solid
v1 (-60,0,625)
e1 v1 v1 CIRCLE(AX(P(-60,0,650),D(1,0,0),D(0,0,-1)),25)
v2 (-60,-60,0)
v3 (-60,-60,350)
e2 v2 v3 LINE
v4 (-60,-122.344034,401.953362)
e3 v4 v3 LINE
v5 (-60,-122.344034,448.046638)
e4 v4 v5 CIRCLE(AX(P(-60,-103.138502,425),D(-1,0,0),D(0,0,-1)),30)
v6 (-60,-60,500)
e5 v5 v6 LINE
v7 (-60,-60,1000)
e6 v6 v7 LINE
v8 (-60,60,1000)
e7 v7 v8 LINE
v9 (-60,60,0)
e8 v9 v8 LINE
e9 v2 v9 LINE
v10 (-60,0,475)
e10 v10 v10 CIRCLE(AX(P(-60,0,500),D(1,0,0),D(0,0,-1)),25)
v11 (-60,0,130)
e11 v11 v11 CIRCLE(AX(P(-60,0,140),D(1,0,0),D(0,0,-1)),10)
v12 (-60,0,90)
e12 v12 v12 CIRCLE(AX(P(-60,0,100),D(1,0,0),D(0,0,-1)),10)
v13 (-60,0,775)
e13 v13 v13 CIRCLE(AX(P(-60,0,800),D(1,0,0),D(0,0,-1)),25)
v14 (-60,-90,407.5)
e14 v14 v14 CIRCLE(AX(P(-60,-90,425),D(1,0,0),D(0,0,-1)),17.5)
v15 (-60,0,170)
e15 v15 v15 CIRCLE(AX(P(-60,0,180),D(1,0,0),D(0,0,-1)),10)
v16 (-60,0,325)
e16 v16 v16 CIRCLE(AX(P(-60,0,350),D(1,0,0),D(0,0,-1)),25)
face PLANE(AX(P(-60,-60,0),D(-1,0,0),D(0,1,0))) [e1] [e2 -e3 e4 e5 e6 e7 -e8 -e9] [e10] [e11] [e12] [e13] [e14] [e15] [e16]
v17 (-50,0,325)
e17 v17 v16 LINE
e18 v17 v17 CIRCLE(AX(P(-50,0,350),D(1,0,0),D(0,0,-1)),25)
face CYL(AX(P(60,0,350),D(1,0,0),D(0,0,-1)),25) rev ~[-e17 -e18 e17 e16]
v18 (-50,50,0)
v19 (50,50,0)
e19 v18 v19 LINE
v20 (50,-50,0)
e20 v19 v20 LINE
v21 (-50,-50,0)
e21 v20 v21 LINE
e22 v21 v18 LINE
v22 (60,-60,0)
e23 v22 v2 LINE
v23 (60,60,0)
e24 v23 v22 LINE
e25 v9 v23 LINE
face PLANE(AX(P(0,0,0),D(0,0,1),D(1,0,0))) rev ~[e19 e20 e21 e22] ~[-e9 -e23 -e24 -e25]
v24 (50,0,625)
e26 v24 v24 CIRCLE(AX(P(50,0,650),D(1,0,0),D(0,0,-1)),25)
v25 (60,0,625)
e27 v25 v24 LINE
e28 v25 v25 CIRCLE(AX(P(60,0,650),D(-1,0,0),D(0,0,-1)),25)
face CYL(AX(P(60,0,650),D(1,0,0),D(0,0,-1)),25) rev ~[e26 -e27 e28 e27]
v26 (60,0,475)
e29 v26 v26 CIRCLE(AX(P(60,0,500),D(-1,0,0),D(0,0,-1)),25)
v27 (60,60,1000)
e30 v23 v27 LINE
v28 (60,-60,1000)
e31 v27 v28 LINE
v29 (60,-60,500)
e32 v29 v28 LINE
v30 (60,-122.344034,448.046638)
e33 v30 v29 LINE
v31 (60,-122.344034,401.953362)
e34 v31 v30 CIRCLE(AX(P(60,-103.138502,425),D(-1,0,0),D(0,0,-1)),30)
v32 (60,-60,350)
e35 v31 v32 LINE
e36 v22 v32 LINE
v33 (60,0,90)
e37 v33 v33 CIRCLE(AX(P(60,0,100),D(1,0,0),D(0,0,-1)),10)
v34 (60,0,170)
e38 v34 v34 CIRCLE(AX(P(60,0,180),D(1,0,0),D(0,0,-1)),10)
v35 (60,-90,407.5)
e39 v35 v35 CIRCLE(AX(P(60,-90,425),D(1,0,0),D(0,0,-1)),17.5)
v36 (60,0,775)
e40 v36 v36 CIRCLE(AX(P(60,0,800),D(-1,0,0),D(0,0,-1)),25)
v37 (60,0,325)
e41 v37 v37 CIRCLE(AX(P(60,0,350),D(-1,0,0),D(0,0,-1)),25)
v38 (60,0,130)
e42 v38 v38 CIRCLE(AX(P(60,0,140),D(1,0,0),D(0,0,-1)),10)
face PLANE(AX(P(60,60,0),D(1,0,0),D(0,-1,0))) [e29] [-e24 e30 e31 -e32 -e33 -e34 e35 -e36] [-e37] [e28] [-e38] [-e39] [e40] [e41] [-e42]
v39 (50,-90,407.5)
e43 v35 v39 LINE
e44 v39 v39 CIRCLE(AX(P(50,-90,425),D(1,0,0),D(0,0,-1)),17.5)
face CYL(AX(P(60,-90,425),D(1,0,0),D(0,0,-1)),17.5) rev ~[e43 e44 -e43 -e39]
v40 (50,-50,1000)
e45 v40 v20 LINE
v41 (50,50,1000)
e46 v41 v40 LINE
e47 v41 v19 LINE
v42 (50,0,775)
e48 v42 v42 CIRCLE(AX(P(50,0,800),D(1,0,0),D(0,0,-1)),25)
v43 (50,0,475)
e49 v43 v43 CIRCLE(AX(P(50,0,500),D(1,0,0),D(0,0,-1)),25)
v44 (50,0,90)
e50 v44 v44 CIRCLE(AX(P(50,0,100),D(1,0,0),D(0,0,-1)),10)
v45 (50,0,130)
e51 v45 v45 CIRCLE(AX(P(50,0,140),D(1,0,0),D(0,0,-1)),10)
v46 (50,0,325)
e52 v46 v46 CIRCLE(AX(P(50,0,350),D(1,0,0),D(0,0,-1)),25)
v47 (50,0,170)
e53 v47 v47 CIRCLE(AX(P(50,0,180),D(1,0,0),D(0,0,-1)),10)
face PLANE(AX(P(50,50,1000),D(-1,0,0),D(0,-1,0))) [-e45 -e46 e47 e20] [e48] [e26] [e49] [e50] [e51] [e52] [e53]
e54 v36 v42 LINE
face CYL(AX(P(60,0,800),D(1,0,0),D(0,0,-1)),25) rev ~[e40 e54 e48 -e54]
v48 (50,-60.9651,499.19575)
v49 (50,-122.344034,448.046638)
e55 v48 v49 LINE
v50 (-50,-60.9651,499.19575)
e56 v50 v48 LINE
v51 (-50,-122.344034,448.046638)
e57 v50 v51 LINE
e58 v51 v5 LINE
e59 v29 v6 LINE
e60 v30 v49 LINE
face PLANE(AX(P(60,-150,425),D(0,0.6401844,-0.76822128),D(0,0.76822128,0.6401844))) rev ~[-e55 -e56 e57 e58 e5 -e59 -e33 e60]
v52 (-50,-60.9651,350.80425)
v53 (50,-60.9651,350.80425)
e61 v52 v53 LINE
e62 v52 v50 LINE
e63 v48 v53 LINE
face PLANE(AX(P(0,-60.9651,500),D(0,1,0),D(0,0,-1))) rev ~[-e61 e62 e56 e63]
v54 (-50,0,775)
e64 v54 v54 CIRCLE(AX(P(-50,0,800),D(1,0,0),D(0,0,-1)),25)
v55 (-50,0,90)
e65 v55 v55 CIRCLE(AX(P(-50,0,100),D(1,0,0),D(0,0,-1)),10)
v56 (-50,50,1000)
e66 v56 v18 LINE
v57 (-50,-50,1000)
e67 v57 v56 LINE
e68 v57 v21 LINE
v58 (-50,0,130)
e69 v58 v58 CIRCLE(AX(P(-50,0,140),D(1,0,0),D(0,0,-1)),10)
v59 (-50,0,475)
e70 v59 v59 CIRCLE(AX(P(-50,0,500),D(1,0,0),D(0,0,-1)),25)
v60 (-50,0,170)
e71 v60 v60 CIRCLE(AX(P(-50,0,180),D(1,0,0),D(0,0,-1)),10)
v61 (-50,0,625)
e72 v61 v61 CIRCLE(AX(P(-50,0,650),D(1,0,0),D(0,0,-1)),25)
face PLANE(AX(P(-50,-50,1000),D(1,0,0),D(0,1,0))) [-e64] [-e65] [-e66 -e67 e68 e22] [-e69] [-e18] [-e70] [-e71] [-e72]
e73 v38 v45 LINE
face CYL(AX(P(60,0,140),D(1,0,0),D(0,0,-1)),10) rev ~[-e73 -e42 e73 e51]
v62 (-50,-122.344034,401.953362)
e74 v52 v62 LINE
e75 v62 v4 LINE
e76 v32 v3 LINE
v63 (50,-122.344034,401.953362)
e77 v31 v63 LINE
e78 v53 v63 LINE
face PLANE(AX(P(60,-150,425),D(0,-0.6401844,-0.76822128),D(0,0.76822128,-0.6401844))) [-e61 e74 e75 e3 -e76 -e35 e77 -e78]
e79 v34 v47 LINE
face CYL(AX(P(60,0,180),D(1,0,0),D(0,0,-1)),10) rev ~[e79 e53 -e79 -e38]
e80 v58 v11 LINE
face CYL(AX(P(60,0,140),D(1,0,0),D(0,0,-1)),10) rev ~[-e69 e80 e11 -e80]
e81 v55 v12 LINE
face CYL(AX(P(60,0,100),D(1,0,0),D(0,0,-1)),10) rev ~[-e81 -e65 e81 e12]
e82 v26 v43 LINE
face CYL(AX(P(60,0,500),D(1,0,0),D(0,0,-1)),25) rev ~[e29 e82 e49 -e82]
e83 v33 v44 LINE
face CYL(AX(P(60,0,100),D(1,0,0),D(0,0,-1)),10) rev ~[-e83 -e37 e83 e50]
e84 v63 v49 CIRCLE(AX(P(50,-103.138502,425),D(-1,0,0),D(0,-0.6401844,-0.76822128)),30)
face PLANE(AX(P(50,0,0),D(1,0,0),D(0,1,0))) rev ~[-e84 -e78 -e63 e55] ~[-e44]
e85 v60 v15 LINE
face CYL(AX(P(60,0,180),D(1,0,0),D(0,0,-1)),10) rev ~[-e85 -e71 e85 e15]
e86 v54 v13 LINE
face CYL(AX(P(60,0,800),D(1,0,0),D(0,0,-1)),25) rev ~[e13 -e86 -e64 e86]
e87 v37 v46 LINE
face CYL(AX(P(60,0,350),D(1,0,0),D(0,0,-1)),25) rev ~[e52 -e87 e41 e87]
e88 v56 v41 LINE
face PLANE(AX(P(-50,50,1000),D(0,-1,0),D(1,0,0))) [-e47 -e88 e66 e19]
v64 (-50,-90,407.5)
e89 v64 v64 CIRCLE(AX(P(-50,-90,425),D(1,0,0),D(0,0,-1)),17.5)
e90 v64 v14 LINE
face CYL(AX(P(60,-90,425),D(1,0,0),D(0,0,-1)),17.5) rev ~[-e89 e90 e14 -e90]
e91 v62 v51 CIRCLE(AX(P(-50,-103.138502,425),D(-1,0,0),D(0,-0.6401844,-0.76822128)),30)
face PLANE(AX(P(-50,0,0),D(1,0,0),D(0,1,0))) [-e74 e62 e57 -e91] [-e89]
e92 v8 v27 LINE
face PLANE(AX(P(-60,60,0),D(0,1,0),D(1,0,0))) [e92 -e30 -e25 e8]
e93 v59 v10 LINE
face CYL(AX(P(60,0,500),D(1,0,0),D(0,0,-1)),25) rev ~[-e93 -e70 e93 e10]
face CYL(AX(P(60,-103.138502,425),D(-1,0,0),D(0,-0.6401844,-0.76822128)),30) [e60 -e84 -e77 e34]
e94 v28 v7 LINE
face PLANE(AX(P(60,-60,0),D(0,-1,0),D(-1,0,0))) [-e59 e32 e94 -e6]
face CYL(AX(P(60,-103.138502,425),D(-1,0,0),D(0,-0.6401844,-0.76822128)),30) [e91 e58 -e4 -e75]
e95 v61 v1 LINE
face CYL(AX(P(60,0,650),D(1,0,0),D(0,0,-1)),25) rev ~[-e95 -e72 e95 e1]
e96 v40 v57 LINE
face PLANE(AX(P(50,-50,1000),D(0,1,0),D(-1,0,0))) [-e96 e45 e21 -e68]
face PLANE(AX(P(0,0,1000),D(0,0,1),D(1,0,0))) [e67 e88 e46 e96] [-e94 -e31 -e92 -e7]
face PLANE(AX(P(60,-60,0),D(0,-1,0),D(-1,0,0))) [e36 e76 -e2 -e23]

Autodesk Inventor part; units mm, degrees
ref_plane "YZ Plane" through (0, 0, 0) normal (1, 0, 0) x (0, 1, 0)
ref_plane "XZ Plane" through (0, 0, 0) normal (0, 1, 0) x (-1, 0, 0)
ref_plane "XY Plane" through (0, 0, 0) normal (0, 0, 1) x (1, 0, 0)
sketch "Sketch1" plane through (0, 0, 0) normal (0, 0, 1) x (1, 0, 0)
  line L0 (-60, 60) -> (60, 60)
  line L1 (60, 60) -> (60, -60)
  line L2 (60, -60) -> (-60, -60)
  line L3 (-60, -60) -> (-60, 60)
  line L4 (-60, 60) -> (60, -60) construction
  line L5 (60, 60) -> (-60, -60) construction
  point P0 (0, 0)
  dimension "d0" = 120
  dimension "d1" = 120
extrude "Extrusion1" add sketch "Sketch1" along normal blind 1000
sketch "Sketch2" plane through (0, 0, 1000) normal (0, 0, 1) x (1, 0, 0)
  line L0 (-50, 50) -> (50, 50)
  line L1 (50, 50) -> (50, -50)
  line L2 (50, -50) -> (-50, -50)
  line L3 (-50, -50) -> (-50, 50)
  line L4 (-50, 50) -> (50, -50) construction
  line L5 (50, 50) -> (-50, -50) construction
  point P0 (0, 0)
  dimension "d4" = 100
  dimension "d5" = 100
extrude "Extrusion2" cut sketch "Sketch2" against normal blind 1000
sketch "Sketch3" plane through (60, -60, 0) normal (1, 0, 0) x (0, 0, -1)
  line L0 (0, 0) -> (-1000, 0) projected
  line L1 (-1072.8828, 120) -> (-1072.8828, 60)
  line L2 (-1072.8828, 60) -> (45.9524, 60)
  circle A0 centre (-800, 60) radius 25
  line L3 (-1000, 120) -> (-1072.8828, 120)
  line L4 (-1000, 120) -> (-1000, 166.4974)
  line L5 (-800, 60) -> (-800, 166.4974)
  line L6 (-650, 60) -> (-650, 175.0662)
  line L7 (-500, 60) -> (-500, 175.0662)
  circle A1 centre (-650, 60) radius 25
  circle A2 centre (-500, 60) radius 25
  line L8 (-350, 60) -> (-350, 191.0617)
  circle A3 centre (-350, 60) radius 25
  point P0 (0, 60)
  dimension "d9" = 50
  dimension "d10" = 60
  dimension "d12" = 200
  dimension "d13" = 150
  dimension "d14" = 150
  dimension "d15" = 50
  dimension "d16" = 50
  dimension "d17" = 150
  dimension "d18" = 50
extrude "Extrusion3" cut sketch "Sketch3" against normal blind 1000
sketch "Sketch4" plane through (60, -60, 0) normal (1, 0, 0) x (0, 0, -1)
  line L0 (0, 0) -> (-1000, 0) projected
  line L1 (-1000, -138.0957) -> (-425, -138.0957)
  line L2 (-425, -90) -> (-500, 0)
  line L3 (-425, -90) -> (-350, 0)
  point P0 (0, 60)
  dimension "d21" = 575
extrude "Extrusion4" add sketch "Sketch4" against normal blind 120
fillet "Fillet1" radius 30 1 edges at (0, -150, 425)
sketch "Sketch5" plane through (60, -60, 0) normal (1, 0, 0) x (0, 0, -1)
  line L0 (-500, 0) -> (-1000, 0) projected
  circle A0 centre (-425, -30) radius 17.5
  line L1 (-425, -6.2892) -> (-425, -12.5)
  point P0 (0, 60)
extrude "Extrusion5" cut sketch "Sketch5" against normal blind 120
sketch "Sketch11" plane through (0, 0, 0) normal (1, 0, 0) x (0, 1, 0)
  line L0 (0, 0) -> (-191.3129, 0)
  line L1 (-191.3129, 0) -> (-191.3129, 1000)
  line L2 (-340.1694, 1000) -> (-340.1694, 500)
  line L3 (-340.1694, 500) -> (94.4413, 500)
  line L4 (-60.9651, 500) -> (-60.9651, 425)
  line L5 (-150.9651, 425) -> (-60.9651, 500)
  line L6 (-60.9651, 425) -> (-60.9651, 350)
  line L7 (-60.9651, 350) -> (-150.9651, 425)
  dimension "d33" = 1000
  dimension "d35" = 500
extrude "Extrusion6" cut sketch "Sketch11" along normal mid plane 100
sketch "Sketch12" plane through (60, -60, 0) normal (1, 0, 0) x (0, 0, -1)
  circle A0 centre (-100, 60) radius 10
  circle A1 centre (-140, 60) radius 10
  circle A2 centre (-180, 60) radius 10
  point P0 (0, 60)
  dimension "d41" = 20
  dimension "d42" = 20
  dimension "d43" = 20
  dimension "d44" = 40
  dimension "d45" = 40
  dimension "d46" = 100
extrude "Extrusion7" cut sketch "Sketch12" against normal blind 599.25
properties part number "atas 1"
